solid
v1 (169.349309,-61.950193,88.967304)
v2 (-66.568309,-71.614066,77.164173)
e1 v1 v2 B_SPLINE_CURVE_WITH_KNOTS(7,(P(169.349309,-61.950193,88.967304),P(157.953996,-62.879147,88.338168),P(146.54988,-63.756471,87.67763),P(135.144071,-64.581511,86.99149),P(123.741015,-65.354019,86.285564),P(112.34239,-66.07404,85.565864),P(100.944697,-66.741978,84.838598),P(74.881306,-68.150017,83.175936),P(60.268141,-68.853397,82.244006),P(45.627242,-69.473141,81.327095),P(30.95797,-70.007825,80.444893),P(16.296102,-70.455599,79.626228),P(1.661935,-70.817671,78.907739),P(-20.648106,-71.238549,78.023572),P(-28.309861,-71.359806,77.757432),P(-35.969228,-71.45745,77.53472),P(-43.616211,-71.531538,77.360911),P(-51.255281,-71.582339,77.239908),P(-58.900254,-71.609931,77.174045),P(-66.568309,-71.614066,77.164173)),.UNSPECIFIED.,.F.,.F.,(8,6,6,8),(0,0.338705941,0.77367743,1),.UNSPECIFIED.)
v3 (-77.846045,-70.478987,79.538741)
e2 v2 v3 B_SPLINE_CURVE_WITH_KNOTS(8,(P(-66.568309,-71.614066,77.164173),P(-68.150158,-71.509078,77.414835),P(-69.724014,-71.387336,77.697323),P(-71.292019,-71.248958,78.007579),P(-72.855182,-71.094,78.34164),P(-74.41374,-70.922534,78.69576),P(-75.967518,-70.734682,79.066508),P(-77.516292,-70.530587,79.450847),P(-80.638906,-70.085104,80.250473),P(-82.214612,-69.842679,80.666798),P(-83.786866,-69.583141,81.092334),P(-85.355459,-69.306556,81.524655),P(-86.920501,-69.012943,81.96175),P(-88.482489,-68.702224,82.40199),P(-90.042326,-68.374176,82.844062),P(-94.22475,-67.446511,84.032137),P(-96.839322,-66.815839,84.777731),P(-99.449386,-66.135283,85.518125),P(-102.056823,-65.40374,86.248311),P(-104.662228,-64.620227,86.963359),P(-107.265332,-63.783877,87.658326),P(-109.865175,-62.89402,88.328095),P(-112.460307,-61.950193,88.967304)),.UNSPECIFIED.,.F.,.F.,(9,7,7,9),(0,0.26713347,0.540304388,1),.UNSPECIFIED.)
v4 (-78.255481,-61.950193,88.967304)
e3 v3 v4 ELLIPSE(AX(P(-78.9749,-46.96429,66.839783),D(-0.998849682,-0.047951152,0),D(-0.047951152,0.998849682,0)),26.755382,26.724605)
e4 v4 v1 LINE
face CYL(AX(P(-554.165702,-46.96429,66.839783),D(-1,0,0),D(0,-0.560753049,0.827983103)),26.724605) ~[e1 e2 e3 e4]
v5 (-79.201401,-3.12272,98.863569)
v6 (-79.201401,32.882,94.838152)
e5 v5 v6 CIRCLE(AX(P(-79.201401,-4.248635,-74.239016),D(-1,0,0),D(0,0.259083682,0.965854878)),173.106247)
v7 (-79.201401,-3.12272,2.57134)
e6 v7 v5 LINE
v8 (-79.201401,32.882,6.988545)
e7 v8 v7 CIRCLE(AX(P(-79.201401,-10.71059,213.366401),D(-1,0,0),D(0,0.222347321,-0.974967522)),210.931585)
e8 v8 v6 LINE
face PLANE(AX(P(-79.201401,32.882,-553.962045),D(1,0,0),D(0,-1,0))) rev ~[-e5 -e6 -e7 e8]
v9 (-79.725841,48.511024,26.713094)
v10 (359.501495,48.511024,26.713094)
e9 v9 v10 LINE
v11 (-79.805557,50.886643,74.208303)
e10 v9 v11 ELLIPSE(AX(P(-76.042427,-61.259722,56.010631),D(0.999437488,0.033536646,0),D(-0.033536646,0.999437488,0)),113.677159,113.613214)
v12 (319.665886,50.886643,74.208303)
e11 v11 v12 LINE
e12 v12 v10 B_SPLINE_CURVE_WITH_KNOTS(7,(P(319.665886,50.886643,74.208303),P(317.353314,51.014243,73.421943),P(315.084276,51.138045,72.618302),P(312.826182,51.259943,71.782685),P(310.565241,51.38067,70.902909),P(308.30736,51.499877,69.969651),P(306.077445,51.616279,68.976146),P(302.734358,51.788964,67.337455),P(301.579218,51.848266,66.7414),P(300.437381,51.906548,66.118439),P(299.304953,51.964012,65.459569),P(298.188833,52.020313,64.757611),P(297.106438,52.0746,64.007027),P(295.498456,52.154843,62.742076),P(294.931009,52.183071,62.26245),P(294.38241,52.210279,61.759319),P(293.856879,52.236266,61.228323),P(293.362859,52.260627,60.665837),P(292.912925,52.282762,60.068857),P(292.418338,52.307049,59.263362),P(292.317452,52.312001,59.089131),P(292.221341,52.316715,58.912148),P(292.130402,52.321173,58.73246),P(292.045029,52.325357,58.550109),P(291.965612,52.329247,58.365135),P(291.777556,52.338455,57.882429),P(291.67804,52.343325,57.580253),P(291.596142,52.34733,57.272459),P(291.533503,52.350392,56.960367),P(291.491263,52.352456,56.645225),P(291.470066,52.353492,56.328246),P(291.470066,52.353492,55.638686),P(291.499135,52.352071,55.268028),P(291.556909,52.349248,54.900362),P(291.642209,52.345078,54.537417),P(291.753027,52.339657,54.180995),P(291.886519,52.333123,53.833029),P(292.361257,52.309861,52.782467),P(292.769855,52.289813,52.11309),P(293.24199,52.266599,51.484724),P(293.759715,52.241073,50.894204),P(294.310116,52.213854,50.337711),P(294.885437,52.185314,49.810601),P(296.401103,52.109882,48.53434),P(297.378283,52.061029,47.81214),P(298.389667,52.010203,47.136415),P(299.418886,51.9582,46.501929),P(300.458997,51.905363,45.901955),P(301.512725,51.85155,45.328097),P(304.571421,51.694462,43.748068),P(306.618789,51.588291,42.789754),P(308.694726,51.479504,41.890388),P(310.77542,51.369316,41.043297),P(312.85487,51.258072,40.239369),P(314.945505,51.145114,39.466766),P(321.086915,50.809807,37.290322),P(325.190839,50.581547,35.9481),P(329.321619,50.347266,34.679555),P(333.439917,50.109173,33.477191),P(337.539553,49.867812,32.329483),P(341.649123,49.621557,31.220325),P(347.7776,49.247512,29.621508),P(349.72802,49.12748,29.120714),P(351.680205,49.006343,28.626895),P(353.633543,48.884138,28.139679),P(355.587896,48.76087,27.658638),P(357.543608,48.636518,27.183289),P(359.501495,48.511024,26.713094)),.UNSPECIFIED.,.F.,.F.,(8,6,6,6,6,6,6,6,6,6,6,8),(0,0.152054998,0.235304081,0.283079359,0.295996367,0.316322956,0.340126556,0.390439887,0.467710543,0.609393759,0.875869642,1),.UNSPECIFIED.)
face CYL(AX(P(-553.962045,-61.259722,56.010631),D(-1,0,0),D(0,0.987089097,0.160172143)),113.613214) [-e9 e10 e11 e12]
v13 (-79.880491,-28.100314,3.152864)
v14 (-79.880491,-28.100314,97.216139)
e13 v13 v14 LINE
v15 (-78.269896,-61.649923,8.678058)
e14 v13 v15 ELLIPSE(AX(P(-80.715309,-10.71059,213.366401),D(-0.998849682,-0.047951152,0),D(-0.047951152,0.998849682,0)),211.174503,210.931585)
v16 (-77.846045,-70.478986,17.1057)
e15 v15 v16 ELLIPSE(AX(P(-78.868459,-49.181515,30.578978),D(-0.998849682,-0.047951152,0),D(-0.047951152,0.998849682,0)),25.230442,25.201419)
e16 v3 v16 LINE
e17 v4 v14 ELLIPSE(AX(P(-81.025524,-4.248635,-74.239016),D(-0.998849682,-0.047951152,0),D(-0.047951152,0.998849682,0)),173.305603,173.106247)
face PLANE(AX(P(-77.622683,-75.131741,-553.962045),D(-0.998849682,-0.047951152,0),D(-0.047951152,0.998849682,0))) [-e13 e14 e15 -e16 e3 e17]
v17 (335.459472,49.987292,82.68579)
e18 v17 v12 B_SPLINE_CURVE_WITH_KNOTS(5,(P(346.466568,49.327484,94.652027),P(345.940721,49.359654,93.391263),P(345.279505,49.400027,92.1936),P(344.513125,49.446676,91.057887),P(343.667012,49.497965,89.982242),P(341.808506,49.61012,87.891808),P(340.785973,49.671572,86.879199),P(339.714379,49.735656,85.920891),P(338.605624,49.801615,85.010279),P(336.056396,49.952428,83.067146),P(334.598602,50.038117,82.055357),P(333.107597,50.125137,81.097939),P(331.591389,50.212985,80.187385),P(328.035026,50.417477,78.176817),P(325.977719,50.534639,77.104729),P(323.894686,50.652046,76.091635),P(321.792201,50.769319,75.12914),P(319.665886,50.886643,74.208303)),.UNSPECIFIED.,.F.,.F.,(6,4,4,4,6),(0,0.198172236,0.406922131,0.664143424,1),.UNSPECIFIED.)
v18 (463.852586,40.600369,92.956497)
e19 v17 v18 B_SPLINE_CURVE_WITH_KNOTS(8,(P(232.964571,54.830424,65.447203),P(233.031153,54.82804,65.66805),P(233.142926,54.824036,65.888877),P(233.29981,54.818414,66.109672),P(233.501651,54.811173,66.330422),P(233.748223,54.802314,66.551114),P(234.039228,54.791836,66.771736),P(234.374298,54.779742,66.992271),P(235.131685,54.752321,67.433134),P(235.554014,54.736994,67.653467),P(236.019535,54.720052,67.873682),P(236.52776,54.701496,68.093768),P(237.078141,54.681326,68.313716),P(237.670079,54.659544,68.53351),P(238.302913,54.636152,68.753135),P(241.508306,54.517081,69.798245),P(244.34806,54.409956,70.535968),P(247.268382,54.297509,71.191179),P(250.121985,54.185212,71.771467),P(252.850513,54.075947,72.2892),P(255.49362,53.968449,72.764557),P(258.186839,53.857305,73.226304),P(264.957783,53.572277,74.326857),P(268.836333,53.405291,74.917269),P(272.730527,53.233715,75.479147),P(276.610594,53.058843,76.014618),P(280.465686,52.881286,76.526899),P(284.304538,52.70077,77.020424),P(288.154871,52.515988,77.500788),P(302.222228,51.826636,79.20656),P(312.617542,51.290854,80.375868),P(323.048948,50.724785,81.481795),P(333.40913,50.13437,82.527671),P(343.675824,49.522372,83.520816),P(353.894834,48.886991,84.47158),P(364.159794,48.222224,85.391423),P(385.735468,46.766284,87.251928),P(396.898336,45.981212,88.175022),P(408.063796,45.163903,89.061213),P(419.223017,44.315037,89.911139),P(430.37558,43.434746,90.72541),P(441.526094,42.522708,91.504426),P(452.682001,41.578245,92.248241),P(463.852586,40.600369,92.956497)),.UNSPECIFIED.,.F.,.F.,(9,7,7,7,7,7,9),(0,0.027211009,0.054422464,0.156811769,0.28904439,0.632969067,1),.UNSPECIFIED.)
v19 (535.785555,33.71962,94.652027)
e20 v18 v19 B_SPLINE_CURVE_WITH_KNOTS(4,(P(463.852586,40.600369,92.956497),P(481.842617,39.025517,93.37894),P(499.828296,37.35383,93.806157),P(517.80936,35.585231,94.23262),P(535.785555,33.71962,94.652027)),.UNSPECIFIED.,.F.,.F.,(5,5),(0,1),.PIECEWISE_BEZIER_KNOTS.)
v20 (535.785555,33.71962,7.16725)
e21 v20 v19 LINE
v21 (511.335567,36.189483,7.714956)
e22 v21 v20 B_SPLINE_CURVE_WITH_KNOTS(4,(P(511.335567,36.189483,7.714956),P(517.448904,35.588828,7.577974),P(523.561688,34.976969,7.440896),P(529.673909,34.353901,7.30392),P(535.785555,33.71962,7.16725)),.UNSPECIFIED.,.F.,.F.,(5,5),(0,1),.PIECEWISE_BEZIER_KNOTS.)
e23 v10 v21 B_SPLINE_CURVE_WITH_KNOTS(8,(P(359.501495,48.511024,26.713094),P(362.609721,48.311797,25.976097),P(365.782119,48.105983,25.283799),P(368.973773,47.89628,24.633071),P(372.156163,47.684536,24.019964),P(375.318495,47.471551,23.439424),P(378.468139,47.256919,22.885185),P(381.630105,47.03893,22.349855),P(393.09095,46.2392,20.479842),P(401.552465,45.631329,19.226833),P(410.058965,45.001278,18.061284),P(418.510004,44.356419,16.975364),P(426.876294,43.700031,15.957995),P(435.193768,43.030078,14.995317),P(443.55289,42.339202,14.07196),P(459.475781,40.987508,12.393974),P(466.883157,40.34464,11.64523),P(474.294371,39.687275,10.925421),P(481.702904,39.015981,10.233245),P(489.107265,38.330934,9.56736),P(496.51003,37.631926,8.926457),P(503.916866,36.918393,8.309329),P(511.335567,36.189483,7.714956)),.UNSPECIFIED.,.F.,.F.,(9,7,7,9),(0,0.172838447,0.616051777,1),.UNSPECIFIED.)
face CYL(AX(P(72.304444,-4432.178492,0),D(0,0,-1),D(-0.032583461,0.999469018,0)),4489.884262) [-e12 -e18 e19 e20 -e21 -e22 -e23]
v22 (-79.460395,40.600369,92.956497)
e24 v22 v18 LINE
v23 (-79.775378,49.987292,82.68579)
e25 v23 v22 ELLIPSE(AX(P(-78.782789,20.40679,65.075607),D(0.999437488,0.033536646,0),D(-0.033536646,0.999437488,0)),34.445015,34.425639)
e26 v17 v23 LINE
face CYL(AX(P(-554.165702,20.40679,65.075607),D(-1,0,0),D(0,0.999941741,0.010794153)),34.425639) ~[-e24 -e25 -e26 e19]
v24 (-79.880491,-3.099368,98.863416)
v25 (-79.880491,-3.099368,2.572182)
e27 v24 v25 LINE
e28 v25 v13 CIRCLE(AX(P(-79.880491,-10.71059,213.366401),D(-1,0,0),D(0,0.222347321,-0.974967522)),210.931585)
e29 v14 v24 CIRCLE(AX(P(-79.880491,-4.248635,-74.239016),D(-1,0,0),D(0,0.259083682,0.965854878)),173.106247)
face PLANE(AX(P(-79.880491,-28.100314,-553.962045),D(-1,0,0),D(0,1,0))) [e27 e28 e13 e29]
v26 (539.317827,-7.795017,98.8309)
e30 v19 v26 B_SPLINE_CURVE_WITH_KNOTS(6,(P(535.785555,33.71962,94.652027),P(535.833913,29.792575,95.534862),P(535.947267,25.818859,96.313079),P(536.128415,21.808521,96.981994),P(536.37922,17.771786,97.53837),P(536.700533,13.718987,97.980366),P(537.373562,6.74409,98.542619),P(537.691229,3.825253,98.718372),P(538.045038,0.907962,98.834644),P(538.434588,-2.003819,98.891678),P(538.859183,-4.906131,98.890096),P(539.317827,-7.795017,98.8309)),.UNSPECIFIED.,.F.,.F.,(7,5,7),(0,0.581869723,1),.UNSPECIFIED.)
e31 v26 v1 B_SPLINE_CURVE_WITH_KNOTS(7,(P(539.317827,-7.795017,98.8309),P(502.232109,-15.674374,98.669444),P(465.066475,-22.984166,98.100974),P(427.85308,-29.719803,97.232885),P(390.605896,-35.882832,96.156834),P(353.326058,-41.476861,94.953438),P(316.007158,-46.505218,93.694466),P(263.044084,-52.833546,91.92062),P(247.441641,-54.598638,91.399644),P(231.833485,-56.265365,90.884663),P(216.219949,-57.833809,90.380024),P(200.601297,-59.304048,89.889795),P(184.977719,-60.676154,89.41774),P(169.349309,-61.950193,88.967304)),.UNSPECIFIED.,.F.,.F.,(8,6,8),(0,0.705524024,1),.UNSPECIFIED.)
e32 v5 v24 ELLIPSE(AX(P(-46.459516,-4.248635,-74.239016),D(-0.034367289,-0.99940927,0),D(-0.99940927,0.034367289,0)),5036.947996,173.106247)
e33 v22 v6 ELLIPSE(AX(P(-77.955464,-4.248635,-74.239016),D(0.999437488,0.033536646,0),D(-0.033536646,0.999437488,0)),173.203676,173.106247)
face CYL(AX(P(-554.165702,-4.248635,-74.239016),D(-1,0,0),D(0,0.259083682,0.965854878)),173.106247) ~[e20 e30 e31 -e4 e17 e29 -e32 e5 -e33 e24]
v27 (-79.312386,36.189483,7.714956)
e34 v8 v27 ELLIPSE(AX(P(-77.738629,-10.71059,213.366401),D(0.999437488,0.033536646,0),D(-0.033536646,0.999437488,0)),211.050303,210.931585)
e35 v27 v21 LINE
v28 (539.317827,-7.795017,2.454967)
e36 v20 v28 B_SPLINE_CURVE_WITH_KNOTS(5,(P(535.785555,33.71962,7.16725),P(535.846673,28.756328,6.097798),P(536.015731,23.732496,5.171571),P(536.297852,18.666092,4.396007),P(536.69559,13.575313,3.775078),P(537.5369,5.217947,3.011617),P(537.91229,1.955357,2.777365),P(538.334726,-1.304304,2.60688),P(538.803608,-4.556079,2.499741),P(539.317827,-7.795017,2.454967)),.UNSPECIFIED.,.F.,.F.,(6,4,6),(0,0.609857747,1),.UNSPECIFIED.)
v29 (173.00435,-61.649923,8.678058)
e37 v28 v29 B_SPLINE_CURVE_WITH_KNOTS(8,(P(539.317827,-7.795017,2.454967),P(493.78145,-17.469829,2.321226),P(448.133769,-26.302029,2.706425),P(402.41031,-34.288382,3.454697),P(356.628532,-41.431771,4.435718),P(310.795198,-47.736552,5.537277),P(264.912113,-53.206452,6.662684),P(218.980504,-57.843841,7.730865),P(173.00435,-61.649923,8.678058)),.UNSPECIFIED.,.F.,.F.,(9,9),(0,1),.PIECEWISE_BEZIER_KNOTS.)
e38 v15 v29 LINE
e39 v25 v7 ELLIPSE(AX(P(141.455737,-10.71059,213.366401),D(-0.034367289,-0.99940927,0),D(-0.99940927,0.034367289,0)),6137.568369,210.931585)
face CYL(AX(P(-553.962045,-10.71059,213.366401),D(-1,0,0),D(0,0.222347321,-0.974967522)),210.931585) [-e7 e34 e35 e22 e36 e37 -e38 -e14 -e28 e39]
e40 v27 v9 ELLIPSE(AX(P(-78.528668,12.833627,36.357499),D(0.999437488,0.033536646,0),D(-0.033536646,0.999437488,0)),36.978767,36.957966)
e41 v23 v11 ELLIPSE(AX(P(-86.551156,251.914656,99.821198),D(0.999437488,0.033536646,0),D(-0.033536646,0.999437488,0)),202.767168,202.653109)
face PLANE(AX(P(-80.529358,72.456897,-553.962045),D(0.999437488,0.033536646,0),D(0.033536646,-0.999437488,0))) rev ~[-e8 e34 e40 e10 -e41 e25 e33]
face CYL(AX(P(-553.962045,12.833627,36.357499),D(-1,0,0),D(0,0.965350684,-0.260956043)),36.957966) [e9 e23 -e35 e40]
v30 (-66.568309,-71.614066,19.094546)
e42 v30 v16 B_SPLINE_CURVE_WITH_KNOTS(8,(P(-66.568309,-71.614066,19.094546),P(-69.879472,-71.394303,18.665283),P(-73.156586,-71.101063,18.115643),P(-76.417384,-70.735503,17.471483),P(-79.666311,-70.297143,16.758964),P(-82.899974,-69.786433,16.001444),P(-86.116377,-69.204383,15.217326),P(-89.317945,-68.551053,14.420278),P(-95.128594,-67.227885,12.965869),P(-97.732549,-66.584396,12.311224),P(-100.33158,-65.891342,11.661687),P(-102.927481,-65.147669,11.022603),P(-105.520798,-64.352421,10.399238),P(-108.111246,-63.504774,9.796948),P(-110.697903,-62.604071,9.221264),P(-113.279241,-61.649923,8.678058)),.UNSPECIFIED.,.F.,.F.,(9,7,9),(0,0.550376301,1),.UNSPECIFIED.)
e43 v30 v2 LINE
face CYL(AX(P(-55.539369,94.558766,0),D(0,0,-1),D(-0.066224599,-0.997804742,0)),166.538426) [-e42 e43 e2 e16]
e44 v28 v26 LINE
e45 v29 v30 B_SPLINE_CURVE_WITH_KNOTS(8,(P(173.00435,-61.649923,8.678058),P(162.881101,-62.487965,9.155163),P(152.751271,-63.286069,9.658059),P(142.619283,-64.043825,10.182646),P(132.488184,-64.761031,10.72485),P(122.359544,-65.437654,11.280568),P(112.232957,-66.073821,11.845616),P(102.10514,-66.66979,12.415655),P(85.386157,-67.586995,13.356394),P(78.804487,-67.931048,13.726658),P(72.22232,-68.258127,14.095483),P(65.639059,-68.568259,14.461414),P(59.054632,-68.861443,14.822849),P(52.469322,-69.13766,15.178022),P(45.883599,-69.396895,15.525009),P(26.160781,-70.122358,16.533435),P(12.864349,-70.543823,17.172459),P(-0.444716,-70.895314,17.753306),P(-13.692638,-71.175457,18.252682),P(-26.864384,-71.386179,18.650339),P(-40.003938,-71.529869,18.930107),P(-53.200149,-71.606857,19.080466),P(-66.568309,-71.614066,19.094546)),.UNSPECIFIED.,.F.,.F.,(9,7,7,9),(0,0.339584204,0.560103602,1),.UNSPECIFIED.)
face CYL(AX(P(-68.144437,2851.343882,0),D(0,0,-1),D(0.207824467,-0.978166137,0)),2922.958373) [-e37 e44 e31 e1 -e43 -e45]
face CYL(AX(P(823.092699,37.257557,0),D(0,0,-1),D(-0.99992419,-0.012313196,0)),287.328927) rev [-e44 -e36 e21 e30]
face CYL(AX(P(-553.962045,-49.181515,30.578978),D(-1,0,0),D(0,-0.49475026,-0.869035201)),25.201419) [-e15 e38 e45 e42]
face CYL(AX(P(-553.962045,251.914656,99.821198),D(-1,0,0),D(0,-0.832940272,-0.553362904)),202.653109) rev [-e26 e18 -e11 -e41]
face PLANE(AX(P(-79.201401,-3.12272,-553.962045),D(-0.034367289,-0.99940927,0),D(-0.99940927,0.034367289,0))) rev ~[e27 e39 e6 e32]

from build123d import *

# Parameters (mm, degrees)
BOSS_EXTRUDE1_DEPTH     = 100
CUT_EXTRUDE3_DEPTH      = 554.165701555
CUT_EXTRUDE3_DEPTH_BACK = 554.165701555
CUT_EXTRUDE5_DEPTH      = 553.962044682
CUT_EXTRUDE5_DEPTH_BACK = 553.962044682
CUT_EXTRUDE7_DEPTH      = 553.962044682
CUT_EXTRUDE7_DEPTH_BACK = 553.962044682
CUT_EXTRUDE9_DEPTH      = 553.962044682
CUT_EXTRUDE9_DEPTH_BACK = 553.962044682


with BuildPart() as part:
    # Sketch1 → Boss-Extrude1 (new body)
    with BuildSketch(Plane.XY):
        with BuildLine():
            ThreePointArc((-192.629438793, 0), (-136.135725272, 33.719619965), (-73.991525193, 55.321722514))
            ThreePointArc((-73.991525193, 55.321722514), (231.264395529, 54.89097703), (535.785554592, 33.719619965))
            ThreePointArc((535.785554592, 33.719619965), (536.798211586, 12.89819156), (539.317827414, -7.795017256))
            ThreePointArc((539.317827414, -7.795017256), (238.042039648, -55.533392614), (-66.568309368, -71.614065728))
            ThreePointArc((-66.568309368, -71.614065728), (-137.800866021, -50.244872094), (-192.629438793, 0))
        make_face()
    extrude(amount=BOSS_EXTRUDE1_DEPTH)

    # Sketch2 → Cut-Extrude3 (cut, two sides: drawn at the far end of the back side and taken through both)
    with BuildSketch(Plane(origin=(0, 0, 0), x_dir=(0, 0, -1), z_dir=(1, 0, 0)).offset(-CUT_EXTRUDE3_DEPTH_BACK)):
        with BuildLine():
            ThreePointArc((-65.447202994, 54.830423707), (-80.892507985, 50.983746932), (-92.956496986, 40.600368972))
            ThreePointArc((-92.956496986, 40.600368972), (-98.736407831, -10.977338679), (-88.967303886, -61.950193259))
            ThreePointArc((-88.967303886, -61.950193259), (-83.10915251, -68.165990231), (-75.589128758, -72.216090516))
            ThreePointArc((-75.589128758, -72.216090516), (-123.822815089, -94.064788666), (-173.378544397, -75.407784602))
            ThreePointArc((-173.378544397, -75.407784602), (-163.802190068, -4.583325871), (-135.262897635, 60.940099743))
            ThreePointArc((-135.262897635, 60.940099743), (-100.366866686, 80.430667917), (-61.326949176, 89.003885783))
            ThreePointArc((-61.326949176, 89.003885783), (-63.560434952, 71.938056418), (-65.447202994, 54.830423707))
        make_face()
    extrude(amount=CUT_EXTRUDE3_DEPTH + CUT_EXTRUDE3_DEPTH_BACK, mode=Mode.SUBTRACT)

    # Sketch3 → Cut-Extrude5 (cut, two sides: drawn at the far end of the back side and taken through both)
    with BuildSketch(Plane(origin=(0, 0, 0), x_dir=(0, 0, -1), z_dir=(1, 0, 0)).offset(-CUT_EXTRUDE5_DEPTH_BACK)):
        with BuildLine():
            ThreePointArc((-74.208303325, 50.886642831), (-50.335012976, 52.211638999), (-26.713093985, 48.511024166))
            ThreePointArc((-26.713093985, 48.511024166), (-16.247111553, 43.841102683), (-7.714956491, 36.189482926))
            ThreePointArc((-7.714956491, 36.189482926), (-2.445034952, -12.786836037), (-8.678058045, -61.649923489))
            ThreePointArc((-8.678058045, -61.649923489), (-17.453523943, -70.69509128), (-29.511303704, -74.360307413))
            ThreePointArc((-29.511303704, -74.360307413), (33.955140221, -79.826327987), (85.286434054, -42.104117568))
            ThreePointArc((85.286434054, -42.104117568), (41.180066923, 16.064388488), (12.319514625, 83.116720583))
            ThreePointArc((12.319514625, 83.116720583), (-170.558095104, 441.821406771), (-74.208303325, 50.886642831))
        make_face()
    extrude(amount=CUT_EXTRUDE5_DEPTH + CUT_EXTRUDE5_DEPTH_BACK, mode=Mode.SUBTRACT)

    # Sketch4 → Cut-Extrude7 (cut, two sides: drawn at the far end of the back side and taken through both)
    with BuildSketch(Plane.XY.offset(-CUT_EXTRUDE7_DEPTH_BACK)):
        Polygon((-79.201401397, 32.882000093), (-79.201401397, -3.122719846), (-222.768125928, 1.814195624), (-233.222282556, 17.110218535), (-80.529357675, 72.456896947), align=None)
    extrude(amount=CUT_EXTRUDE7_DEPTH + CUT_EXTRUDE7_DEPTH_BACK, mode=Mode.SUBTRACT)

    # Sketch7 → Cut-Extrude9 (cut, two sides: drawn at the far end of the back side and taken through both)
    with BuildSketch(Plane.XY.offset(-CUT_EXTRUDE9_DEPTH_BACK)):
        Polygon((-77.622682663, -75.13174066), (-79.880490969, -28.10031394), (-79.880490969, 8.416039234), (-244.452163016, 8.416039234), (-180.732611766, -79.468551396), (-149.591071412, -109.159665737), align=None)
    extrude(amount=CUT_EXTRUDE9_DEPTH + CUT_EXTRUDE9_DEPTH_BACK, mode=Mode.SUBTRACT)


solid = part.part
